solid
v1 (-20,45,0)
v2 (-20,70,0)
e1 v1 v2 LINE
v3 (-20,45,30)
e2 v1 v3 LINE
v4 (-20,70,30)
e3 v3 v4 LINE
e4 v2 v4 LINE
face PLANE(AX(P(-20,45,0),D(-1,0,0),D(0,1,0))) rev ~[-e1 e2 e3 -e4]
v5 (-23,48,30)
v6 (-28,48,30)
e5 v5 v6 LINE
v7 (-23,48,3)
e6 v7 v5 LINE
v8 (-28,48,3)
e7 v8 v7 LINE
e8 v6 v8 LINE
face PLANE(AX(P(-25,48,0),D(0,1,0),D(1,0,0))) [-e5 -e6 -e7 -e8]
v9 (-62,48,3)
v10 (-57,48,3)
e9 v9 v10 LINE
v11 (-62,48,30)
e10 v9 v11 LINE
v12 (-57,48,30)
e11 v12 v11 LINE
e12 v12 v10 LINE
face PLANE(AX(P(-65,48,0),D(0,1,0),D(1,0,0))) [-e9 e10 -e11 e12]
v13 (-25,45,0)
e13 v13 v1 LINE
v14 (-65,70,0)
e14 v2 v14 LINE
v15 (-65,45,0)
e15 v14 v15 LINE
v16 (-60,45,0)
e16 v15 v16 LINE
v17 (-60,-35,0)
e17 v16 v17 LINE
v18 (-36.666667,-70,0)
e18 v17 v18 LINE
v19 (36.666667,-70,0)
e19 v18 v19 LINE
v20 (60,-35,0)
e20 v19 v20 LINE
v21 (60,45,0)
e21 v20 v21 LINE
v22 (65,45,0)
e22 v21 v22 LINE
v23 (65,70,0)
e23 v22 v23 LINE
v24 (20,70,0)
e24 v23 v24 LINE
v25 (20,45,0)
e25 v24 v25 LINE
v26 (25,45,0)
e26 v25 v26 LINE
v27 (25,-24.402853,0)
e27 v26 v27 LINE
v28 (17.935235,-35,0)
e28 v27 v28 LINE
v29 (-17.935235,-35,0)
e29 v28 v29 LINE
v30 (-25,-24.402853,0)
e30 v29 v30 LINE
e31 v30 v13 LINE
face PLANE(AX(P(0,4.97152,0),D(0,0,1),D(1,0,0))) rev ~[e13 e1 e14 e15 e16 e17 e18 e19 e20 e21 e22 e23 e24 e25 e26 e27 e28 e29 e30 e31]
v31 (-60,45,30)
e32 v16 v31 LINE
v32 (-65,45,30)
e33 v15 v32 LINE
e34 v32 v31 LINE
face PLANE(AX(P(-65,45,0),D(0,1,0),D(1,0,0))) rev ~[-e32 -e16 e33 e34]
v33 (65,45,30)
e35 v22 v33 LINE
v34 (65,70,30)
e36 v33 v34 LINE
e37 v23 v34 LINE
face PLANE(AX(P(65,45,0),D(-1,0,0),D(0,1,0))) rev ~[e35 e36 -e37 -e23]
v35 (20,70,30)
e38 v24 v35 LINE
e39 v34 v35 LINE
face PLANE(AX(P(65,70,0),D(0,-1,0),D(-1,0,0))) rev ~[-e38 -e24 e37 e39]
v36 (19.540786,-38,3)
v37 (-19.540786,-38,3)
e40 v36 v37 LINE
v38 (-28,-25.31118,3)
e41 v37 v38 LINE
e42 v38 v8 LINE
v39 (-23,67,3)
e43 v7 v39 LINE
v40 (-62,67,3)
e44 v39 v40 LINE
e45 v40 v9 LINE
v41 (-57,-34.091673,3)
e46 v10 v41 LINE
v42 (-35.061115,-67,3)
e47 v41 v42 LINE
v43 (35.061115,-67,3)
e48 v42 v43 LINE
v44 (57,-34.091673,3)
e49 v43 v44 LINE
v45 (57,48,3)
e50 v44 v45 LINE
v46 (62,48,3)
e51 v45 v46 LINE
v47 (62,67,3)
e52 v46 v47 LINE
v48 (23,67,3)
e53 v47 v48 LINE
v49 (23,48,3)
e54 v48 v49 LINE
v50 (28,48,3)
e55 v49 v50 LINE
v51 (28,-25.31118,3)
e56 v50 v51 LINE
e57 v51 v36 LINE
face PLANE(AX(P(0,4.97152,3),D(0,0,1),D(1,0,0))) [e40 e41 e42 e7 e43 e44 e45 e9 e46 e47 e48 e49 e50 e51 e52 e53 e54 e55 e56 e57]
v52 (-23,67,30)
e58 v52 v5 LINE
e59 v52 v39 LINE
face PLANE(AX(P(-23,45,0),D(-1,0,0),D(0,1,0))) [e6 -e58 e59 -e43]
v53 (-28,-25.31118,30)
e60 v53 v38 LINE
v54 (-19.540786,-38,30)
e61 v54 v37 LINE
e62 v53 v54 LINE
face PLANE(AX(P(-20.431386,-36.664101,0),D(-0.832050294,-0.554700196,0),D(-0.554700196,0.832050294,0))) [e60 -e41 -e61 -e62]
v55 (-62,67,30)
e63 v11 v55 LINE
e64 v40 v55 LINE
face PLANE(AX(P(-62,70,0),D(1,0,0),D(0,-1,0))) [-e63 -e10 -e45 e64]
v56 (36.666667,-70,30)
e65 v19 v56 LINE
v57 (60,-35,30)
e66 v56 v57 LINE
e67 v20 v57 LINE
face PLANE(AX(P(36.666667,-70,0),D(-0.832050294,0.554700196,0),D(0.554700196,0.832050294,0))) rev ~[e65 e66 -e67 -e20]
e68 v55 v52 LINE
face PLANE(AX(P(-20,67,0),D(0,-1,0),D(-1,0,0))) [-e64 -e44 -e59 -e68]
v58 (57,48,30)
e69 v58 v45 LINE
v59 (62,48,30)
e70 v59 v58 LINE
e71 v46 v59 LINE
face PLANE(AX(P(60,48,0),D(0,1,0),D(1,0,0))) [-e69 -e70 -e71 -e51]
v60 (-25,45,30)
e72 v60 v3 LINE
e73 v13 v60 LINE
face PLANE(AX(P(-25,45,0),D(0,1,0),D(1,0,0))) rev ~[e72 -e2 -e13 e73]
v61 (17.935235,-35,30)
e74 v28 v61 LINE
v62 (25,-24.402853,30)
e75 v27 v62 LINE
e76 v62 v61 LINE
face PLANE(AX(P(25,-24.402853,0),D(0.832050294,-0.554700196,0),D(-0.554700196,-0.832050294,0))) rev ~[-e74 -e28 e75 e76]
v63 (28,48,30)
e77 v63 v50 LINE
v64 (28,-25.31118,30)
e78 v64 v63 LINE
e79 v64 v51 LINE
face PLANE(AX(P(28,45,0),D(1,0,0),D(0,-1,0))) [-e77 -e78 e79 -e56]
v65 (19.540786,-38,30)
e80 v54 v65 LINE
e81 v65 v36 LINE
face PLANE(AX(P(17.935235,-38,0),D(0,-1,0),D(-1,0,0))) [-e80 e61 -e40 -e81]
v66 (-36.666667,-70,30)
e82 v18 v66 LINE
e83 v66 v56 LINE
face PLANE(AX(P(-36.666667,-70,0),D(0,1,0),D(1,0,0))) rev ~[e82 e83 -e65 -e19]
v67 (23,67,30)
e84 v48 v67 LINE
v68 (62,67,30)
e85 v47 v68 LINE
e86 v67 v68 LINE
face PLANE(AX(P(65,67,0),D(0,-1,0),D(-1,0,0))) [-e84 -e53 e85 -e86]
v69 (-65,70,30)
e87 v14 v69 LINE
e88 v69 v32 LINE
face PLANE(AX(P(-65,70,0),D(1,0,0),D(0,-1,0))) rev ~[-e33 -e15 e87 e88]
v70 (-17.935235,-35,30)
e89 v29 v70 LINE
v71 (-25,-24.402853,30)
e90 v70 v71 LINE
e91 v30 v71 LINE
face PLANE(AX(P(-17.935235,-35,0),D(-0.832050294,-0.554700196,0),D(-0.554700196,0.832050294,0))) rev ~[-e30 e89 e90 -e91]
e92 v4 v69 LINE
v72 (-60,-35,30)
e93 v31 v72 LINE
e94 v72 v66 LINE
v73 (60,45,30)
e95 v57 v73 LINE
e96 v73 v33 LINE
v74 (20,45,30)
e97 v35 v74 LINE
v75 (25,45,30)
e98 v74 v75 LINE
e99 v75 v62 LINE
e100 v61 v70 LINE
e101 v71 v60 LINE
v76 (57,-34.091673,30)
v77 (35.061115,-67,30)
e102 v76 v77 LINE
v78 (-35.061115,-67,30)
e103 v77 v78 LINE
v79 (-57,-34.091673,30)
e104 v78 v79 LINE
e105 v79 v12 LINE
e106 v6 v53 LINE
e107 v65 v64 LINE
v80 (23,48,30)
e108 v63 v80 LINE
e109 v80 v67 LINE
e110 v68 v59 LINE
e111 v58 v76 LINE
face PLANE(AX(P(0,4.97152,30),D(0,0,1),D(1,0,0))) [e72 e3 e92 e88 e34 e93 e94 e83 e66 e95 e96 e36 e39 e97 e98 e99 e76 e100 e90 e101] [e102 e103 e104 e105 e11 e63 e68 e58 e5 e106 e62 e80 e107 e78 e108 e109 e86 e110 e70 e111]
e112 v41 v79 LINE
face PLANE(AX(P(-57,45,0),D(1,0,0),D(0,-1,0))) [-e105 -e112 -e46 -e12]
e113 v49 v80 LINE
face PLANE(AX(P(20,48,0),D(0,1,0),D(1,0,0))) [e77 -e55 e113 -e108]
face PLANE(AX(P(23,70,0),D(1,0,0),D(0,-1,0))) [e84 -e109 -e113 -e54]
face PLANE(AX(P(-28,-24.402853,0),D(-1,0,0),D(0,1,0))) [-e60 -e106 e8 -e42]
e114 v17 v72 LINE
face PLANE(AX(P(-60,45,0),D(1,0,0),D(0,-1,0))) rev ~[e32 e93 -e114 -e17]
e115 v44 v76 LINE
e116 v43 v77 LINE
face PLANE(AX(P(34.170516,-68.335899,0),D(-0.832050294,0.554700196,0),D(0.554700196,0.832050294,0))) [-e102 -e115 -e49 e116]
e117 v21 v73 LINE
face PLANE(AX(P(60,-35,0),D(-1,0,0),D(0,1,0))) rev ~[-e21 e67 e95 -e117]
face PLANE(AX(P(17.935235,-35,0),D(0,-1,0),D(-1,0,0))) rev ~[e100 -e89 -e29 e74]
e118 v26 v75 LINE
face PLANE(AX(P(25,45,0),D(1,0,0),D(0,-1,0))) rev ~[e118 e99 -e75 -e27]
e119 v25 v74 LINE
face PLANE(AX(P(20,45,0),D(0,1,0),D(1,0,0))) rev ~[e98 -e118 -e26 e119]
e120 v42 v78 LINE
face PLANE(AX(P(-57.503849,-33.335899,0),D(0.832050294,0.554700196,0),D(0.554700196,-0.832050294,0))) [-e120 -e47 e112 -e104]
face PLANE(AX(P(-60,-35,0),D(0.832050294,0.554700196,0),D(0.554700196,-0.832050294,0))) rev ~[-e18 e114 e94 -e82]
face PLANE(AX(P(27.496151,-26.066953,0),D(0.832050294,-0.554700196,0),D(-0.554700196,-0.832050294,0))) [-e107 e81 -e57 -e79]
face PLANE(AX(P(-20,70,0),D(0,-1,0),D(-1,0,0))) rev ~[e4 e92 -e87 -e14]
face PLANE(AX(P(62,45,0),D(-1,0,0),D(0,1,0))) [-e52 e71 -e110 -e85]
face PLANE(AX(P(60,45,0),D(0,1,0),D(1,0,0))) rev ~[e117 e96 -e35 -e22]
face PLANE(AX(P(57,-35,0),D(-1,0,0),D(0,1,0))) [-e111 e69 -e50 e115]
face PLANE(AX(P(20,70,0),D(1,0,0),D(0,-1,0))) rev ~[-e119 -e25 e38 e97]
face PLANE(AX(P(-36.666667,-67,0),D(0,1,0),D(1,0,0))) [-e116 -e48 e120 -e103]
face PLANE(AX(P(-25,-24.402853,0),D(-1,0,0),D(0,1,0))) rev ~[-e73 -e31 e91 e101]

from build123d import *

# Parameters (mm, degrees)
F1_DEPTH = 30
F2_T     = -3


with BuildPart() as f1:
    # F0 (on Top) → F1 (new body)
    with BuildSketch(Plane.XY):
        Polygon((-20, 70), (-65, 70), (-65, 45), (-60, 45), (-60, -35), (-36.6666666667, -70), (0, -70), (36.6666666667, -70), (60, -35), (60, 45), (65, 45), (65, 70), (20, 70), (20, 45), (25, 45), (25, -24.4028526794), (17.9352351196, -35), (0, -35), (-17.9352351196, -35), (-25, -24.4028526794), (-25, 45), (-20, 45), align=None)
    extrude(amount=F1_DEPTH)

    # F2
    f2_openings = [f1.faces().sort_by_distance(p)[0] for p in [
        (23.057247, -30.76118, 30),
    ]]
    offset(amount=F2_T, openings=f2_openings, kind=Kind.INTERSECTION)


solid = f1.part
